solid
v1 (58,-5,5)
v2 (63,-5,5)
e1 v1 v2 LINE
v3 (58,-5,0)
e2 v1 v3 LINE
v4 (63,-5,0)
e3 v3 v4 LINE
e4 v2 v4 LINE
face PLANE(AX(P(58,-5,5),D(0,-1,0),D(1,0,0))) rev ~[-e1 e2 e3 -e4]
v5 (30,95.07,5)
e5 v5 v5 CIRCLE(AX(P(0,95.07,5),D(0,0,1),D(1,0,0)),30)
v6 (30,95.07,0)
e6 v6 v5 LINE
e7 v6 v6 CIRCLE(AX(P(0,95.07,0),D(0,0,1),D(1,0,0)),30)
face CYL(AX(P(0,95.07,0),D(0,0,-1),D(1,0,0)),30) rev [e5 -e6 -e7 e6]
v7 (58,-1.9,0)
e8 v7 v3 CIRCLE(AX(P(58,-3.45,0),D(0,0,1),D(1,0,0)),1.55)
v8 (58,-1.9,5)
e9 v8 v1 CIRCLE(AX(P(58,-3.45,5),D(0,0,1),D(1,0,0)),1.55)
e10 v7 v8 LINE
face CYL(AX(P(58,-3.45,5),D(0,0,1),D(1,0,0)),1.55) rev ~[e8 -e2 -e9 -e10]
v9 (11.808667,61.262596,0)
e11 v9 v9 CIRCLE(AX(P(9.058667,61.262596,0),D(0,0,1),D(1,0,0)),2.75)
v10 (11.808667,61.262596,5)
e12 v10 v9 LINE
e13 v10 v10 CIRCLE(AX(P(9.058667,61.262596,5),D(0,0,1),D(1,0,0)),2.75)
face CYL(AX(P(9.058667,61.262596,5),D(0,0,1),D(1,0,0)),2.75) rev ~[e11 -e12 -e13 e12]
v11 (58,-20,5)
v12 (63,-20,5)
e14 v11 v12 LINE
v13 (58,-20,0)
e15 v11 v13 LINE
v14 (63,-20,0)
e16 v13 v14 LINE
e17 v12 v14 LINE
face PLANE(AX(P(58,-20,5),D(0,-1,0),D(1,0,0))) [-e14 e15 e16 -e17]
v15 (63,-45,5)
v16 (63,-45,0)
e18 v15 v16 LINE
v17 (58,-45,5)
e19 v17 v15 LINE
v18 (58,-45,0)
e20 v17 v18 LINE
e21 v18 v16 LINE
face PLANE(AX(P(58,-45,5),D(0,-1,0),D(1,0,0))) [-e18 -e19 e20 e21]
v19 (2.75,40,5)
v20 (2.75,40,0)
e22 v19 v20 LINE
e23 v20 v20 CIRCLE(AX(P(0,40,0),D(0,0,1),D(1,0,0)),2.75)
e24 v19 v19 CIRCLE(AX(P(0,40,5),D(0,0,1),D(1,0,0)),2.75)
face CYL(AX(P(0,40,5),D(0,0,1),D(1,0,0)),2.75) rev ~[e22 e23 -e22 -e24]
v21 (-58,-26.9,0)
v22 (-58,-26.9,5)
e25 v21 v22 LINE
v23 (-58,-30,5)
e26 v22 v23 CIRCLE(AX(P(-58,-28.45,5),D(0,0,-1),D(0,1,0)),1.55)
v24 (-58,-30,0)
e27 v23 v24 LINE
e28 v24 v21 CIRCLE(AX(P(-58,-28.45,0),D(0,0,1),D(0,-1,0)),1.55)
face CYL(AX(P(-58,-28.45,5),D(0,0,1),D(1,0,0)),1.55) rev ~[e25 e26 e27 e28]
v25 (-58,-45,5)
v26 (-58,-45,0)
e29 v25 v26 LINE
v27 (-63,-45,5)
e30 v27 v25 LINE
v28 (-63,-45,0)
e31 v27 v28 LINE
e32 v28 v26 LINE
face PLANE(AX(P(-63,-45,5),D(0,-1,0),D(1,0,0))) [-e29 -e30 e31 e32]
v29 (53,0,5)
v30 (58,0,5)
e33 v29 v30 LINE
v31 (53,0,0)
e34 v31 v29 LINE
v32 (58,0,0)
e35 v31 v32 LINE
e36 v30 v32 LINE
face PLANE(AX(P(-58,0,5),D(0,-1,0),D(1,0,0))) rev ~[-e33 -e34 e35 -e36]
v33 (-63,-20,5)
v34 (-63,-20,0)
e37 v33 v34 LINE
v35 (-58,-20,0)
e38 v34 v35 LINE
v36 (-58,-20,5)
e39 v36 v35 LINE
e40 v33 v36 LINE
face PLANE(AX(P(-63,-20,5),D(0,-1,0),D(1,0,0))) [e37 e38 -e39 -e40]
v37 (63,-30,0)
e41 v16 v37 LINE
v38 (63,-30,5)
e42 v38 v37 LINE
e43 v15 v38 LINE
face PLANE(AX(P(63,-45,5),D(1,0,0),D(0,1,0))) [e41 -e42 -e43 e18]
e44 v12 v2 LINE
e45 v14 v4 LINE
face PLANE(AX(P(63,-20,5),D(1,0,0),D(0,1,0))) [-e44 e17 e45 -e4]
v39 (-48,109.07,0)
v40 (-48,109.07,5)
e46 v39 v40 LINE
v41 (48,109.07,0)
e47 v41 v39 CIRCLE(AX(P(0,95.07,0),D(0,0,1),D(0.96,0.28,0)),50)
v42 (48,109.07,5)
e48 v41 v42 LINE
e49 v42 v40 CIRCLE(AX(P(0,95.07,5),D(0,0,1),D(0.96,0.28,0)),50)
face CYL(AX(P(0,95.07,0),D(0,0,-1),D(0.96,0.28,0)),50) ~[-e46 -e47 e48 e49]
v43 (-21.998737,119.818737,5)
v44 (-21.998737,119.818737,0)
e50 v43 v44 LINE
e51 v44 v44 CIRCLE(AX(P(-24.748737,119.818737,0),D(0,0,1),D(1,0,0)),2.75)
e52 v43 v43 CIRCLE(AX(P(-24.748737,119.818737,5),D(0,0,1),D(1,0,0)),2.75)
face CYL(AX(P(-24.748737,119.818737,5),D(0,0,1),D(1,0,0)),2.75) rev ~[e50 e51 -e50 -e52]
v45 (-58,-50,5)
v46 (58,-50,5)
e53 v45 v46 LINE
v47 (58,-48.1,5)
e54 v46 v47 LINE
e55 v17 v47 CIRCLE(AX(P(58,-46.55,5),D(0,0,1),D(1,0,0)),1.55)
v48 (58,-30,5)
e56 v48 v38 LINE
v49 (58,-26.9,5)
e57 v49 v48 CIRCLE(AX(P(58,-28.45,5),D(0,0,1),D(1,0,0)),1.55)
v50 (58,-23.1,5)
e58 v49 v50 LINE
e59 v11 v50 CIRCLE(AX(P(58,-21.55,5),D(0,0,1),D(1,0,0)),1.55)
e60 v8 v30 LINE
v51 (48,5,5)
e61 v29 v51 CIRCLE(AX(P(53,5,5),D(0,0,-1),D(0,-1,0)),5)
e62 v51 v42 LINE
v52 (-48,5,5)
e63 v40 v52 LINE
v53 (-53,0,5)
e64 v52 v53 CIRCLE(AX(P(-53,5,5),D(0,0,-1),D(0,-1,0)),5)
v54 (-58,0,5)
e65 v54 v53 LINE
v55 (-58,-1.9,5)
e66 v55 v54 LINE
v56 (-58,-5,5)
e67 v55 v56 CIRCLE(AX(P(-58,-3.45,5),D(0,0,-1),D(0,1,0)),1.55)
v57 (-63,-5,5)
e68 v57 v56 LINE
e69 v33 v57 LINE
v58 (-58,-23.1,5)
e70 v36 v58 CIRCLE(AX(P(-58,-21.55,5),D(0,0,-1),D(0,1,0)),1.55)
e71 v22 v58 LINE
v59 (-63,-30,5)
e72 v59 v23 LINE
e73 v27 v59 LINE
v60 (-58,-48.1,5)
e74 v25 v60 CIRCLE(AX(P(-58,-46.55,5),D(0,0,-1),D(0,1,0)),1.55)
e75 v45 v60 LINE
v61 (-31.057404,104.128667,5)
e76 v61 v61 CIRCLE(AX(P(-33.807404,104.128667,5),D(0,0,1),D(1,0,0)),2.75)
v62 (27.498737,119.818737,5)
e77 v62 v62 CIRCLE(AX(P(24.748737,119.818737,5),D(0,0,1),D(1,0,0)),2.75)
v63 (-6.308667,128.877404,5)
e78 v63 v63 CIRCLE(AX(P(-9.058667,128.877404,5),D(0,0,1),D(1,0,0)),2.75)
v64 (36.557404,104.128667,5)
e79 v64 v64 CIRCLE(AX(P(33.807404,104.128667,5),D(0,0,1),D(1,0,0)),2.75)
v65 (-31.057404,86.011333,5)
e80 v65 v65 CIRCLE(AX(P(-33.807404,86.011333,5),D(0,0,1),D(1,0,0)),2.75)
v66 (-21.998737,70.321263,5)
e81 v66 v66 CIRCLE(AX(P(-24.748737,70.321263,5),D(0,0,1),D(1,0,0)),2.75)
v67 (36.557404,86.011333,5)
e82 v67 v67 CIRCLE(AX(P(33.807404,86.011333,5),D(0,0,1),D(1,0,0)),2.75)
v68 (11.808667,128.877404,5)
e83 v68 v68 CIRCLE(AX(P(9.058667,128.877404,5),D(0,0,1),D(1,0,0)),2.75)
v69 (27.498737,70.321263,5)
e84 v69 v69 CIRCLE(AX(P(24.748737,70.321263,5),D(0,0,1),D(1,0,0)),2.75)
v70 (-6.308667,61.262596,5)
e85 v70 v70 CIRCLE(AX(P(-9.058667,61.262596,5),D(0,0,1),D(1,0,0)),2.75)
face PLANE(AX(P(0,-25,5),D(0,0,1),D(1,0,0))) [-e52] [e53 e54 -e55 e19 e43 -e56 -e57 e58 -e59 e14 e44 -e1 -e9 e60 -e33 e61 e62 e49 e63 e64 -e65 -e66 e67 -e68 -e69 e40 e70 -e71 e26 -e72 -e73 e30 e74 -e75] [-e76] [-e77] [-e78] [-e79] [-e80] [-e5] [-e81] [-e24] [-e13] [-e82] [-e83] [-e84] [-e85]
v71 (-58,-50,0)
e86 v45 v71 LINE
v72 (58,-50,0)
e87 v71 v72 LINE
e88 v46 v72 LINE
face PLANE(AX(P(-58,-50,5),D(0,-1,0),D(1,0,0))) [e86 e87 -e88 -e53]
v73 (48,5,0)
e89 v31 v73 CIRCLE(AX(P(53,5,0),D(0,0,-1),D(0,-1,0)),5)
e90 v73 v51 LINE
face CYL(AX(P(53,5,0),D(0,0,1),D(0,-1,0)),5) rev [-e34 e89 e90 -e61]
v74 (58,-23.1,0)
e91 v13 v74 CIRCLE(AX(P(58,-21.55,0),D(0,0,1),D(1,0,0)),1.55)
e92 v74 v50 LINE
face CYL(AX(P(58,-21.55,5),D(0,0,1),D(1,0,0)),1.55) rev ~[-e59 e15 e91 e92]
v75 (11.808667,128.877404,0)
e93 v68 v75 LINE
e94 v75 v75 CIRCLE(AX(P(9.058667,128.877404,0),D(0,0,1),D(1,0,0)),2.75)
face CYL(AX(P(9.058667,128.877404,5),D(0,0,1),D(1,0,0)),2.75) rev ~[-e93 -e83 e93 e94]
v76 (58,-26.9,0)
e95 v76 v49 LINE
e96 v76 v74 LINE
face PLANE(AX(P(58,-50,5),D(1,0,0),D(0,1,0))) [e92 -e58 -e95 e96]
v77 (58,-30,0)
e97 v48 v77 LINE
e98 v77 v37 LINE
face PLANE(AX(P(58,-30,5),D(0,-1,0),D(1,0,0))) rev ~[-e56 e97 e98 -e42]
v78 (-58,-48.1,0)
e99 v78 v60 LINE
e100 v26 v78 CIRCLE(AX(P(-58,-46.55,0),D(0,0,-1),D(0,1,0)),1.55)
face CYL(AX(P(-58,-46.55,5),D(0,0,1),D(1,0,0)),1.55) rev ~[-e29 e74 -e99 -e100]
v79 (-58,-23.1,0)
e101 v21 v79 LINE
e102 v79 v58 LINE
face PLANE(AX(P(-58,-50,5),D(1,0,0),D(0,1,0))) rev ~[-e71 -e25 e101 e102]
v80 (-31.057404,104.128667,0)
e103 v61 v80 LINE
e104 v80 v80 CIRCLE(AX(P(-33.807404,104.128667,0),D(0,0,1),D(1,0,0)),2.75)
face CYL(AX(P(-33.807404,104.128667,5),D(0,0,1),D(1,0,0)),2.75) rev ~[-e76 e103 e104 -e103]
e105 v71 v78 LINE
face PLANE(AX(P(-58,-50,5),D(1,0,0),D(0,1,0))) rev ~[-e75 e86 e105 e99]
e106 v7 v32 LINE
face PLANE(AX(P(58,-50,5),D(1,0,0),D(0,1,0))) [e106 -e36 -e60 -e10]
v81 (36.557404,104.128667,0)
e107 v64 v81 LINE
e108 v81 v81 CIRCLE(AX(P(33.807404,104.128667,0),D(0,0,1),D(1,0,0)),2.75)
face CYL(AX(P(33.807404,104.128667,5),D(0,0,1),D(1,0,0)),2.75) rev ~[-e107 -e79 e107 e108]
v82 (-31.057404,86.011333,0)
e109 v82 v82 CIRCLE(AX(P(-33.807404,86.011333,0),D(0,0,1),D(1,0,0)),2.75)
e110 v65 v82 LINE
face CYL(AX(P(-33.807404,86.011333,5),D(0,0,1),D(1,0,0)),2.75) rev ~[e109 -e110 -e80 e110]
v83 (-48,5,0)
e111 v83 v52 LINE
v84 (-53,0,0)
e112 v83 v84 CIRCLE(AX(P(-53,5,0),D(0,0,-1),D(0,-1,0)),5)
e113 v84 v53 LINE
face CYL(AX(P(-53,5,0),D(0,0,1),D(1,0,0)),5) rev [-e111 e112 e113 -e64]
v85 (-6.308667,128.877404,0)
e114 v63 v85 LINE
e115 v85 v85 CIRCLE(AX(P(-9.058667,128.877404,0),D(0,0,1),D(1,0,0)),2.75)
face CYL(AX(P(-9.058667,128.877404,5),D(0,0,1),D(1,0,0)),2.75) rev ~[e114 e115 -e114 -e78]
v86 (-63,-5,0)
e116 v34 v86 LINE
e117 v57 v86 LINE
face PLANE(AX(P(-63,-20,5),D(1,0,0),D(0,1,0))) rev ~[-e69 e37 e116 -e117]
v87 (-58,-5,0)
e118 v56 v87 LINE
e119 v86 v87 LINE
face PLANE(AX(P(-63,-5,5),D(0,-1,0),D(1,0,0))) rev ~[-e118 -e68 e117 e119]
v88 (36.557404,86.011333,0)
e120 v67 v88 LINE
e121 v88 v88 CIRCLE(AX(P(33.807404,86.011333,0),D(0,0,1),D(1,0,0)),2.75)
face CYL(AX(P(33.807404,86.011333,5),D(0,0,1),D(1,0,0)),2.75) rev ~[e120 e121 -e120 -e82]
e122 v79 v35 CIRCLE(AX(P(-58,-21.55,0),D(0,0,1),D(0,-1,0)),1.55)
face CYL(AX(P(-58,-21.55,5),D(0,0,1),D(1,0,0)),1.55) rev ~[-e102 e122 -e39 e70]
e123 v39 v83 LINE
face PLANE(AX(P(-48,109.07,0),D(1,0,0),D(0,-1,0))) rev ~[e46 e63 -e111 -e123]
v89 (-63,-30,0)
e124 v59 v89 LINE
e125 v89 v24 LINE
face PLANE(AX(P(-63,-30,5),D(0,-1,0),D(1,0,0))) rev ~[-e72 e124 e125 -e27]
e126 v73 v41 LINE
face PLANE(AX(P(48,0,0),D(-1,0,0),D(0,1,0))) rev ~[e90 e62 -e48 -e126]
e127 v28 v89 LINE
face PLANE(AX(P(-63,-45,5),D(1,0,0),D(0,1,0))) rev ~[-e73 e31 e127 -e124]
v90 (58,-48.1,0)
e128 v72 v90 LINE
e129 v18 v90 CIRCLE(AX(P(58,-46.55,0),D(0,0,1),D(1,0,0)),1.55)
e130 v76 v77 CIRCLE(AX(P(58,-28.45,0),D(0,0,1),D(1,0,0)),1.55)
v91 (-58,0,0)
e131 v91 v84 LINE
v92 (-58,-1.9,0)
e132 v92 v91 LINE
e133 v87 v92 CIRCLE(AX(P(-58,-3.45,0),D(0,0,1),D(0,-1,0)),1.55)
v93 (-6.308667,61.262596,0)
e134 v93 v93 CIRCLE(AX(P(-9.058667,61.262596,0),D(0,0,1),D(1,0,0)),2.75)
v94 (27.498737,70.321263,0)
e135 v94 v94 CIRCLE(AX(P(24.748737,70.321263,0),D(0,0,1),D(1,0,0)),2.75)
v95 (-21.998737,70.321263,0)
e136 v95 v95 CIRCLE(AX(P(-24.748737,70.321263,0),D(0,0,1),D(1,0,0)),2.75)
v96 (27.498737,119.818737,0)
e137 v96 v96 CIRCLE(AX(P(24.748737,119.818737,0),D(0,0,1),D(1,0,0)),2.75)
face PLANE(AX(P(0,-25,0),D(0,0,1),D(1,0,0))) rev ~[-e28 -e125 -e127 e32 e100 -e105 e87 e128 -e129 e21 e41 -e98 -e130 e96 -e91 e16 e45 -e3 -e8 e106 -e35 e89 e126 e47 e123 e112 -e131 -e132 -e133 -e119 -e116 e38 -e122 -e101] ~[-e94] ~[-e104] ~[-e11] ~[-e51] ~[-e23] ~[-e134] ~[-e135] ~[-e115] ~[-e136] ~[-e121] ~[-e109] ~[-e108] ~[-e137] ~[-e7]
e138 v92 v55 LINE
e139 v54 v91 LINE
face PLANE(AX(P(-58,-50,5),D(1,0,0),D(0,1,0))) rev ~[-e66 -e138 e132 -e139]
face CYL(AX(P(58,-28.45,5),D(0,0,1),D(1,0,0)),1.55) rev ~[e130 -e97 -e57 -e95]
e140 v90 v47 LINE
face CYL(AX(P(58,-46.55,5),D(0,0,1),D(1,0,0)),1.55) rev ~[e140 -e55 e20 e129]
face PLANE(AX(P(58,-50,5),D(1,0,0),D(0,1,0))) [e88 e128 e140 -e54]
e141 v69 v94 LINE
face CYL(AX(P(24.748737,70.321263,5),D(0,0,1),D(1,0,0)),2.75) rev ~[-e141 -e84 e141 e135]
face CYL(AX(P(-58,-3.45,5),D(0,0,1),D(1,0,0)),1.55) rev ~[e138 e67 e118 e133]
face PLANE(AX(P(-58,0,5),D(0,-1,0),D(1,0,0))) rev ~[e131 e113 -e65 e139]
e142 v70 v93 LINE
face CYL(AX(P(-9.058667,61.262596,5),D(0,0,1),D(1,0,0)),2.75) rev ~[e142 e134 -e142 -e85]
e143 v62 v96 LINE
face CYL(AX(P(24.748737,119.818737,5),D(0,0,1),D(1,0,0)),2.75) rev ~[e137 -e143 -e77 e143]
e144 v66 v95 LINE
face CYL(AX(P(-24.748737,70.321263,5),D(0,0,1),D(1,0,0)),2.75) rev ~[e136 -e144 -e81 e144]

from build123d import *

# Parameters (mm, degrees)
SKETCH_1_R          = 30
EXTRUDE_1_DEPTH     = 5
SKETCH_3_R          = 2.75
CUT_EXTRUDE_2_DEPTH = 20
SKETCH_4_R          = 2.75
CUT_EXTRUDE_3_DEPTH = 10
SKETCH_5_W          = 116
SKETCH_5_H          = 50
EXTRUDE_2_DEPTH     = 5
SKETCH_8_W          = 5
SKETCH_8_H          = 15
EXTRUDE_3_DEPTH     = 5
SKETCH_9_R          = 1.55
CUT_EXTRUDE_6_DEPTH = 5
FILLET_1_R          = 5


with BuildPart() as part:
    # 草图1 → 凸台-拉伸1 (new body)
    with BuildSketch(Plane.XY):
        with BuildLine():
            Line((-48, 109.07), (-48, 0))
            Line((-48, 0), (48, 0))
            Line((48, 0), (48, 109.07))
            ThreePointArc((48, 109.07), (0, 145.07), (-48, 109.07))
        make_face()
        with Locations((0, 95.07)):
            Circle(SKETCH_1_R, mode=Mode.SUBTRACT)
    extrude(amount=EXTRUDE_1_DEPTH)

    # 草图3 → 切除-拉伸2 (cut)
    with BuildSketch(Plane.XY.offset(5)):
        with Locations((0, 40)):
            Circle(SKETCH_3_R)
    extrude(amount=-CUT_EXTRUDE_2_DEPTH, mode=Mode.SUBTRACT)

    # 草图4 → 切除-拉伸3 (cut)
    with BuildSketch(Plane.XY.offset(5)):
        with Locations((9.058666579, 128.87740392)):
            Circle(SKETCH_4_R)
        with Locations((24.748737342, 119.818737342)):
            Circle(SKETCH_4_R)
        with Locations((33.80740392, 104.128666579)):
            Circle(SKETCH_4_R)
        with Locations((33.80740392, 86.011333421)):
            Circle(SKETCH_4_R)
        with Locations((24.748737342, 70.321262658)):
            Circle(SKETCH_4_R)
        with Locations((9.058666579, 61.26259608)):
            Circle(SKETCH_4_R)
        with Locations((-9.058666579, 61.26259608)):
            Circle(SKETCH_4_R)
        with Locations((-24.748737342, 70.321262658)):
            Circle(SKETCH_4_R)
        with Locations((-33.80740392, 86.011333421)):
            Circle(SKETCH_4_R)
        with Locations((-33.80740392, 104.128666579)):
            Circle(SKETCH_4_R)
        with Locations((-24.748737342, 119.818737342)):
            Circle(SKETCH_4_R)
        with Locations((-9.058666579, 128.87740392)):
            Circle(SKETCH_4_R)
    extrude(amount=-CUT_EXTRUDE_3_DEPTH, mode=Mode.SUBTRACT)

    # 草图5 → 凸台-拉伸2 (add)
    with BuildSketch(Plane.XY.offset(5)):
        with Locations((0, -25)):
            Rectangle(SKETCH_5_W, SKETCH_5_H)
    extrude(amount=-EXTRUDE_2_DEPTH)

    # 草图8 → 凸台-拉伸3 (add)
    with BuildSketch(Plane.XY.offset(5)):
        with Locations((60.5, -12.5)):
            Rectangle(SKETCH_8_W, SKETCH_8_H)
        with Locations((60.5, -37.5)):
            Rectangle(SKETCH_8_W, SKETCH_8_H)
        with Locations((-60.5, -37.5)):
            Rectangle(SKETCH_8_W, SKETCH_8_H)
        with Locations((-60.5, -12.5)):
            Rectangle(SKETCH_8_W, SKETCH_8_H)
    extrude(amount=-EXTRUDE_3_DEPTH)

    # 草图9 → 切除-拉伸6 (cut)
    with BuildSketch(Plane.XY.offset(5)):
        with Locations((58, -3.45)):
            Circle(SKETCH_9_R)
        with Locations((58, -21.55)):
            Circle(SKETCH_9_R)
        with Locations((58, -28.45)):
            Circle(SKETCH_9_R)
        with Locations((58, -46.55)):
            Circle(SKETCH_9_R)
        with Locations((-58, -46.55)):
            Circle(SKETCH_9_R)
        with Locations((-58, -28.45)):
            Circle(SKETCH_9_R)
        with Locations((-58, -21.55)):
            Circle(SKETCH_9_R)
        with Locations((-58, -3.45)):
            Circle(SKETCH_9_R)
    extrude(amount=-CUT_EXTRUDE_6_DEPTH, mode=Mode.SUBTRACT)

    # 圆角1
    fillet_1_edges = [part.edges().sort_by_distance(p)[0] for p in [
        (48, 0, 2.5),
        (-48, 0, 2.5),
    ]]
    fillet(fillet_1_edges, radius=FILLET_1_R)


solid = part.part
